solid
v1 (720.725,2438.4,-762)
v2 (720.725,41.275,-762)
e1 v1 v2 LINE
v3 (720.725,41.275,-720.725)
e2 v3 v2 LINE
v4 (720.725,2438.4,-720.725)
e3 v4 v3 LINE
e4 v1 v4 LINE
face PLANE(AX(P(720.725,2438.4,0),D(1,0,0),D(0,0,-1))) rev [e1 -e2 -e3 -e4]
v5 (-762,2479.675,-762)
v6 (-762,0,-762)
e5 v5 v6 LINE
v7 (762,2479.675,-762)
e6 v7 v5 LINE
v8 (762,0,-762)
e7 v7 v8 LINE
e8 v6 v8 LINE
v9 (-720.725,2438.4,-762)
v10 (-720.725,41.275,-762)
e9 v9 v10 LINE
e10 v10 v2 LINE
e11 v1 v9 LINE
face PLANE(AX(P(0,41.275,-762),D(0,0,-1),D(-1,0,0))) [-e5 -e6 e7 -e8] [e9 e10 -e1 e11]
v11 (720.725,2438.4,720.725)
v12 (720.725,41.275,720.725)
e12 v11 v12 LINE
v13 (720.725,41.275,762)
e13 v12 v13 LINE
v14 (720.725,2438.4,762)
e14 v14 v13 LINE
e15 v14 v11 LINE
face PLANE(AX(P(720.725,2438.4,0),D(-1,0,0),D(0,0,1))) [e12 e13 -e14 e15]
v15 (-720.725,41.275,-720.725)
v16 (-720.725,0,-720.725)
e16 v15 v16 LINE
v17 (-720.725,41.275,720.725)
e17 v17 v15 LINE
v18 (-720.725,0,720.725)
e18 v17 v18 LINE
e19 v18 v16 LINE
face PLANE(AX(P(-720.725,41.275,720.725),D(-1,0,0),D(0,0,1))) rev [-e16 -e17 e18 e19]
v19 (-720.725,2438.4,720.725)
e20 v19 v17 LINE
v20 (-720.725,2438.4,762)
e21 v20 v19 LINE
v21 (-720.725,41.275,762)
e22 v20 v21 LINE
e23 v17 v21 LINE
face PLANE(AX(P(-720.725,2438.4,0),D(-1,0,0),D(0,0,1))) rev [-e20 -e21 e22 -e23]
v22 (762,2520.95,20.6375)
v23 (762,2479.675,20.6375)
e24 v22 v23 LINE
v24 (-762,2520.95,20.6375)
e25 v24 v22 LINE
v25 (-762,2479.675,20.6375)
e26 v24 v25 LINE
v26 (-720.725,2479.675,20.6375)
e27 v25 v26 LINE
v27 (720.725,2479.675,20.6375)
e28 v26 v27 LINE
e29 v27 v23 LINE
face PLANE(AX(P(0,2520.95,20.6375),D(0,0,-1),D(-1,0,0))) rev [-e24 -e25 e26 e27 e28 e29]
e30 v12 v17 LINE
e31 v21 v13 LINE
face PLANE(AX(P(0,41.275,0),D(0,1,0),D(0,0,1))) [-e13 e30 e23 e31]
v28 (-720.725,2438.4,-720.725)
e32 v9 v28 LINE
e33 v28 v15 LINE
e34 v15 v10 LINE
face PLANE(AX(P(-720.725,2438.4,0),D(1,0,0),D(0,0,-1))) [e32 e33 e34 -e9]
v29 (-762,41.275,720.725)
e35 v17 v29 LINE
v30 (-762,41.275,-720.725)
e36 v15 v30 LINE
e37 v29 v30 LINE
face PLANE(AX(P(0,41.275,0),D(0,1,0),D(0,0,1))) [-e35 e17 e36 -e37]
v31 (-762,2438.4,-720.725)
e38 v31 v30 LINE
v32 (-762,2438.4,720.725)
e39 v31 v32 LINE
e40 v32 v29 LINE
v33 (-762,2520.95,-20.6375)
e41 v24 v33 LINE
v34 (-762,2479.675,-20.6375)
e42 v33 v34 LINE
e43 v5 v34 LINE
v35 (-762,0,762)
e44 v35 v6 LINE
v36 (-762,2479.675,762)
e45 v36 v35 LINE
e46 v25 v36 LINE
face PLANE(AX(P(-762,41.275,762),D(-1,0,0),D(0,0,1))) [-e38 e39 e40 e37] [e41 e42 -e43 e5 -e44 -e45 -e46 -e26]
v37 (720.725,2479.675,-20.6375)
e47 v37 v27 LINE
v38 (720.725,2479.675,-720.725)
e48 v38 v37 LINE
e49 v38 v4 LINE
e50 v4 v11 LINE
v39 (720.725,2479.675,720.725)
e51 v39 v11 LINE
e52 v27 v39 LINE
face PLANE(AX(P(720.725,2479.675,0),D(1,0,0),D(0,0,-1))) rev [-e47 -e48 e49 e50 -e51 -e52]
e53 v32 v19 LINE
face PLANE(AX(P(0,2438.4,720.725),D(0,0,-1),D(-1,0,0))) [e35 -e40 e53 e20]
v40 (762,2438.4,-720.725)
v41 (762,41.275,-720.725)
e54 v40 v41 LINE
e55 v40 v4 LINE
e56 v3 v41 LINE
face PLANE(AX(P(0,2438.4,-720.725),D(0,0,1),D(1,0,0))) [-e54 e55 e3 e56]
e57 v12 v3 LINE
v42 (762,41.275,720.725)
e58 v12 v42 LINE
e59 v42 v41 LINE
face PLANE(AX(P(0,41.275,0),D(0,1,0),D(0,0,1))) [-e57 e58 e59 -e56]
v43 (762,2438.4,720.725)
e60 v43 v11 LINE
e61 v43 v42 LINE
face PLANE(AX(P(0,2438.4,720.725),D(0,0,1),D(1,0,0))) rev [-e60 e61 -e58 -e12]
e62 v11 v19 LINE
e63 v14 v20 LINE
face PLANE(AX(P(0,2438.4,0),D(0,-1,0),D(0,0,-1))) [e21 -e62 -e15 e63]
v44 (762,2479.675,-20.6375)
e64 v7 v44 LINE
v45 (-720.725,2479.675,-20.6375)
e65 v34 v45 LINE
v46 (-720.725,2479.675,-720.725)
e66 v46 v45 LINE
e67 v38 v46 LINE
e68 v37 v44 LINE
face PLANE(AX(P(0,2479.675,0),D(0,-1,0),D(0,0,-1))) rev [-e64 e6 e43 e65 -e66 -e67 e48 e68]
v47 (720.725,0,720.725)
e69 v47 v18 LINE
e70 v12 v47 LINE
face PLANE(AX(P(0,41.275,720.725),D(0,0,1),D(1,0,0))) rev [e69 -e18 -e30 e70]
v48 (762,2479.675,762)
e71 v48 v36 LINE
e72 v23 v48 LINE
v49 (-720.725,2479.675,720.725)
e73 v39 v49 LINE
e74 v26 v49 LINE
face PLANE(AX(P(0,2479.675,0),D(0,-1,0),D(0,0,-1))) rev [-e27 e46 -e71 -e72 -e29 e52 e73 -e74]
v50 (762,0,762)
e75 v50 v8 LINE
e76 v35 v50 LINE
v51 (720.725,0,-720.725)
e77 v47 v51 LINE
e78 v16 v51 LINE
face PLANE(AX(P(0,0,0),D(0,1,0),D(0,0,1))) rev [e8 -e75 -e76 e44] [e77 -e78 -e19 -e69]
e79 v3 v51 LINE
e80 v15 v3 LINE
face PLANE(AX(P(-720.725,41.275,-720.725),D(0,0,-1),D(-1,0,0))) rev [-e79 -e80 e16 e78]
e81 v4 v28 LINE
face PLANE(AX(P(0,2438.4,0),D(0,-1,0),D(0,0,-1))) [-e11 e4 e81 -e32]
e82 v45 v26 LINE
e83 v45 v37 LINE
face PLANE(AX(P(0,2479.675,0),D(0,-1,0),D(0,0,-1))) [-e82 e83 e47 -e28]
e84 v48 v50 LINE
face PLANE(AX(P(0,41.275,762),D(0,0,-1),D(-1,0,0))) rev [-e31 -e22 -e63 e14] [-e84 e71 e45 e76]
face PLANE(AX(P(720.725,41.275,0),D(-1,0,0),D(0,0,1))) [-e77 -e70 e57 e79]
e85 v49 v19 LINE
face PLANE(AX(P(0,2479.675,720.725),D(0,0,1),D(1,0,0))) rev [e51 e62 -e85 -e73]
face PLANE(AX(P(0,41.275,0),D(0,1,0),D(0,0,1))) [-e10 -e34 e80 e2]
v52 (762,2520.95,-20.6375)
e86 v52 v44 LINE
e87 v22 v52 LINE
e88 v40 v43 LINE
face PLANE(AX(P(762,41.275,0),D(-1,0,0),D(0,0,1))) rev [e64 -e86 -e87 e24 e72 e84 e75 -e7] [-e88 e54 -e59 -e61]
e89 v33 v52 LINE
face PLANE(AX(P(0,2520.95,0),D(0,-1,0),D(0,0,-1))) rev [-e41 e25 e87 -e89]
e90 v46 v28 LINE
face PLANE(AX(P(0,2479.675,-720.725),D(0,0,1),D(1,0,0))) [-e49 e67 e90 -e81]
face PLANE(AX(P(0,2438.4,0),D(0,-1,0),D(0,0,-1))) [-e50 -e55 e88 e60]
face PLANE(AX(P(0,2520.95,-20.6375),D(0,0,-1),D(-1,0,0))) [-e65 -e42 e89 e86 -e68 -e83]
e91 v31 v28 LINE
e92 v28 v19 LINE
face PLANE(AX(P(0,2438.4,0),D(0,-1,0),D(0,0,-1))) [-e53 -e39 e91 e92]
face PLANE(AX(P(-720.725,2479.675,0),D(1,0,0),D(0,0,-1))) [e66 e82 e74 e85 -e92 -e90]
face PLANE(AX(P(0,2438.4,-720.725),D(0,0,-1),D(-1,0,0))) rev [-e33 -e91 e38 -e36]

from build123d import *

# Parameters (mm, degrees)
SKETCH2_W           = 1524
SKETCH2_H           = 1524
SKETCH2_W_2         = 1441.45
SKETCH2_H_2         = 1441.45
BOSS_EXTRUDE1_DEPTH = 41.275
SKETCH2_4_W         = 41.275
SKETCH2_4_H         = 41.275
BOSS_EXTRUDE2_DEPTH = 2438.4
BOSS_EXTRUDE3_START = 2438.4
SKETCH2_5_W         = 1524
SKETCH2_5_H         = 1524
SKETCH2_5_W_2       = 1441.45
SKETCH2_5_H_2       = 1441.45
BOSS_EXTRUDE3_DEPTH = 41.275
BOSS_EXTRUDE5_START = 2479.675
SKETCH2_6_W         = 1441.45
SKETCH2_6_H         = 41.275
SKETCH2_6_W_2       = 41.275
BOSS_EXTRUDE5_DEPTH = 41.275


with BuildPart() as part:
    # Sketch2 → Boss-Extrude1 (new body)
    with BuildSketch(Plane(origin=(0, 0, 0), x_dir=(1, 0, 0), z_dir=(0, 1, 0))):
        Rectangle(SKETCH2_W, SKETCH2_H)
        Rectangle(SKETCH2_W_2, SKETCH2_H_2, mode=Mode.SUBTRACT)
    extrude(amount=BOSS_EXTRUDE1_DEPTH)

    # Sketch2<4> → Boss-Extrude2 (add)
    with BuildSketch(Plane(origin=(0, 0, 0), x_dir=(1, 0, 0), z_dir=(0, 1, 0))):
        with Locations((-741.3625, 741.3625)):
            Rectangle(SKETCH2_4_W, SKETCH2_4_H)
        with Locations((741.3625, 741.3625)):
            Rectangle(SKETCH2_4_W, SKETCH2_4_H)
        with Locations((741.3625, -741.3625)):
            Rectangle(SKETCH2_4_W, SKETCH2_4_H)
        with Locations((-741.3625, -741.3625)):
            Rectangle(SKETCH2_4_W, SKETCH2_4_H)
    extrude(amount=BOSS_EXTRUDE2_DEPTH)

    # Sketch2<5> → Boss-Extrude3 (add)
    with BuildSketch(Plane(origin=(0, 0, 0), x_dir=(1, 0, 0), z_dir=(0, 1, 0)).offset(BOSS_EXTRUDE3_START)):
        Rectangle(SKETCH2_5_W, SKETCH2_5_H)
        Rectangle(SKETCH2_5_W_2, SKETCH2_5_H_2, mode=Mode.SUBTRACT)
    extrude(amount=BOSS_EXTRUDE3_DEPTH)

    # Sketch2<6> → Boss-Extrude5 (add)
    with BuildSketch(Plane(origin=(0, 0, 0), x_dir=(1, 0, 0), z_dir=(0, 1, 0)).offset(BOSS_EXTRUDE5_START)):
        Rectangle(SKETCH2_6_W, SKETCH2_6_H)
        with Locations((741.3625, 0)):
            Rectangle(SKETCH2_6_W_2, SKETCH2_6_H)
        with Locations((-741.3625, 0)):
            Rectangle(SKETCH2_6_W_2, SKETCH2_6_H)
    extrude(amount=BOSS_EXTRUDE5_DEPTH)


solid = part.part
